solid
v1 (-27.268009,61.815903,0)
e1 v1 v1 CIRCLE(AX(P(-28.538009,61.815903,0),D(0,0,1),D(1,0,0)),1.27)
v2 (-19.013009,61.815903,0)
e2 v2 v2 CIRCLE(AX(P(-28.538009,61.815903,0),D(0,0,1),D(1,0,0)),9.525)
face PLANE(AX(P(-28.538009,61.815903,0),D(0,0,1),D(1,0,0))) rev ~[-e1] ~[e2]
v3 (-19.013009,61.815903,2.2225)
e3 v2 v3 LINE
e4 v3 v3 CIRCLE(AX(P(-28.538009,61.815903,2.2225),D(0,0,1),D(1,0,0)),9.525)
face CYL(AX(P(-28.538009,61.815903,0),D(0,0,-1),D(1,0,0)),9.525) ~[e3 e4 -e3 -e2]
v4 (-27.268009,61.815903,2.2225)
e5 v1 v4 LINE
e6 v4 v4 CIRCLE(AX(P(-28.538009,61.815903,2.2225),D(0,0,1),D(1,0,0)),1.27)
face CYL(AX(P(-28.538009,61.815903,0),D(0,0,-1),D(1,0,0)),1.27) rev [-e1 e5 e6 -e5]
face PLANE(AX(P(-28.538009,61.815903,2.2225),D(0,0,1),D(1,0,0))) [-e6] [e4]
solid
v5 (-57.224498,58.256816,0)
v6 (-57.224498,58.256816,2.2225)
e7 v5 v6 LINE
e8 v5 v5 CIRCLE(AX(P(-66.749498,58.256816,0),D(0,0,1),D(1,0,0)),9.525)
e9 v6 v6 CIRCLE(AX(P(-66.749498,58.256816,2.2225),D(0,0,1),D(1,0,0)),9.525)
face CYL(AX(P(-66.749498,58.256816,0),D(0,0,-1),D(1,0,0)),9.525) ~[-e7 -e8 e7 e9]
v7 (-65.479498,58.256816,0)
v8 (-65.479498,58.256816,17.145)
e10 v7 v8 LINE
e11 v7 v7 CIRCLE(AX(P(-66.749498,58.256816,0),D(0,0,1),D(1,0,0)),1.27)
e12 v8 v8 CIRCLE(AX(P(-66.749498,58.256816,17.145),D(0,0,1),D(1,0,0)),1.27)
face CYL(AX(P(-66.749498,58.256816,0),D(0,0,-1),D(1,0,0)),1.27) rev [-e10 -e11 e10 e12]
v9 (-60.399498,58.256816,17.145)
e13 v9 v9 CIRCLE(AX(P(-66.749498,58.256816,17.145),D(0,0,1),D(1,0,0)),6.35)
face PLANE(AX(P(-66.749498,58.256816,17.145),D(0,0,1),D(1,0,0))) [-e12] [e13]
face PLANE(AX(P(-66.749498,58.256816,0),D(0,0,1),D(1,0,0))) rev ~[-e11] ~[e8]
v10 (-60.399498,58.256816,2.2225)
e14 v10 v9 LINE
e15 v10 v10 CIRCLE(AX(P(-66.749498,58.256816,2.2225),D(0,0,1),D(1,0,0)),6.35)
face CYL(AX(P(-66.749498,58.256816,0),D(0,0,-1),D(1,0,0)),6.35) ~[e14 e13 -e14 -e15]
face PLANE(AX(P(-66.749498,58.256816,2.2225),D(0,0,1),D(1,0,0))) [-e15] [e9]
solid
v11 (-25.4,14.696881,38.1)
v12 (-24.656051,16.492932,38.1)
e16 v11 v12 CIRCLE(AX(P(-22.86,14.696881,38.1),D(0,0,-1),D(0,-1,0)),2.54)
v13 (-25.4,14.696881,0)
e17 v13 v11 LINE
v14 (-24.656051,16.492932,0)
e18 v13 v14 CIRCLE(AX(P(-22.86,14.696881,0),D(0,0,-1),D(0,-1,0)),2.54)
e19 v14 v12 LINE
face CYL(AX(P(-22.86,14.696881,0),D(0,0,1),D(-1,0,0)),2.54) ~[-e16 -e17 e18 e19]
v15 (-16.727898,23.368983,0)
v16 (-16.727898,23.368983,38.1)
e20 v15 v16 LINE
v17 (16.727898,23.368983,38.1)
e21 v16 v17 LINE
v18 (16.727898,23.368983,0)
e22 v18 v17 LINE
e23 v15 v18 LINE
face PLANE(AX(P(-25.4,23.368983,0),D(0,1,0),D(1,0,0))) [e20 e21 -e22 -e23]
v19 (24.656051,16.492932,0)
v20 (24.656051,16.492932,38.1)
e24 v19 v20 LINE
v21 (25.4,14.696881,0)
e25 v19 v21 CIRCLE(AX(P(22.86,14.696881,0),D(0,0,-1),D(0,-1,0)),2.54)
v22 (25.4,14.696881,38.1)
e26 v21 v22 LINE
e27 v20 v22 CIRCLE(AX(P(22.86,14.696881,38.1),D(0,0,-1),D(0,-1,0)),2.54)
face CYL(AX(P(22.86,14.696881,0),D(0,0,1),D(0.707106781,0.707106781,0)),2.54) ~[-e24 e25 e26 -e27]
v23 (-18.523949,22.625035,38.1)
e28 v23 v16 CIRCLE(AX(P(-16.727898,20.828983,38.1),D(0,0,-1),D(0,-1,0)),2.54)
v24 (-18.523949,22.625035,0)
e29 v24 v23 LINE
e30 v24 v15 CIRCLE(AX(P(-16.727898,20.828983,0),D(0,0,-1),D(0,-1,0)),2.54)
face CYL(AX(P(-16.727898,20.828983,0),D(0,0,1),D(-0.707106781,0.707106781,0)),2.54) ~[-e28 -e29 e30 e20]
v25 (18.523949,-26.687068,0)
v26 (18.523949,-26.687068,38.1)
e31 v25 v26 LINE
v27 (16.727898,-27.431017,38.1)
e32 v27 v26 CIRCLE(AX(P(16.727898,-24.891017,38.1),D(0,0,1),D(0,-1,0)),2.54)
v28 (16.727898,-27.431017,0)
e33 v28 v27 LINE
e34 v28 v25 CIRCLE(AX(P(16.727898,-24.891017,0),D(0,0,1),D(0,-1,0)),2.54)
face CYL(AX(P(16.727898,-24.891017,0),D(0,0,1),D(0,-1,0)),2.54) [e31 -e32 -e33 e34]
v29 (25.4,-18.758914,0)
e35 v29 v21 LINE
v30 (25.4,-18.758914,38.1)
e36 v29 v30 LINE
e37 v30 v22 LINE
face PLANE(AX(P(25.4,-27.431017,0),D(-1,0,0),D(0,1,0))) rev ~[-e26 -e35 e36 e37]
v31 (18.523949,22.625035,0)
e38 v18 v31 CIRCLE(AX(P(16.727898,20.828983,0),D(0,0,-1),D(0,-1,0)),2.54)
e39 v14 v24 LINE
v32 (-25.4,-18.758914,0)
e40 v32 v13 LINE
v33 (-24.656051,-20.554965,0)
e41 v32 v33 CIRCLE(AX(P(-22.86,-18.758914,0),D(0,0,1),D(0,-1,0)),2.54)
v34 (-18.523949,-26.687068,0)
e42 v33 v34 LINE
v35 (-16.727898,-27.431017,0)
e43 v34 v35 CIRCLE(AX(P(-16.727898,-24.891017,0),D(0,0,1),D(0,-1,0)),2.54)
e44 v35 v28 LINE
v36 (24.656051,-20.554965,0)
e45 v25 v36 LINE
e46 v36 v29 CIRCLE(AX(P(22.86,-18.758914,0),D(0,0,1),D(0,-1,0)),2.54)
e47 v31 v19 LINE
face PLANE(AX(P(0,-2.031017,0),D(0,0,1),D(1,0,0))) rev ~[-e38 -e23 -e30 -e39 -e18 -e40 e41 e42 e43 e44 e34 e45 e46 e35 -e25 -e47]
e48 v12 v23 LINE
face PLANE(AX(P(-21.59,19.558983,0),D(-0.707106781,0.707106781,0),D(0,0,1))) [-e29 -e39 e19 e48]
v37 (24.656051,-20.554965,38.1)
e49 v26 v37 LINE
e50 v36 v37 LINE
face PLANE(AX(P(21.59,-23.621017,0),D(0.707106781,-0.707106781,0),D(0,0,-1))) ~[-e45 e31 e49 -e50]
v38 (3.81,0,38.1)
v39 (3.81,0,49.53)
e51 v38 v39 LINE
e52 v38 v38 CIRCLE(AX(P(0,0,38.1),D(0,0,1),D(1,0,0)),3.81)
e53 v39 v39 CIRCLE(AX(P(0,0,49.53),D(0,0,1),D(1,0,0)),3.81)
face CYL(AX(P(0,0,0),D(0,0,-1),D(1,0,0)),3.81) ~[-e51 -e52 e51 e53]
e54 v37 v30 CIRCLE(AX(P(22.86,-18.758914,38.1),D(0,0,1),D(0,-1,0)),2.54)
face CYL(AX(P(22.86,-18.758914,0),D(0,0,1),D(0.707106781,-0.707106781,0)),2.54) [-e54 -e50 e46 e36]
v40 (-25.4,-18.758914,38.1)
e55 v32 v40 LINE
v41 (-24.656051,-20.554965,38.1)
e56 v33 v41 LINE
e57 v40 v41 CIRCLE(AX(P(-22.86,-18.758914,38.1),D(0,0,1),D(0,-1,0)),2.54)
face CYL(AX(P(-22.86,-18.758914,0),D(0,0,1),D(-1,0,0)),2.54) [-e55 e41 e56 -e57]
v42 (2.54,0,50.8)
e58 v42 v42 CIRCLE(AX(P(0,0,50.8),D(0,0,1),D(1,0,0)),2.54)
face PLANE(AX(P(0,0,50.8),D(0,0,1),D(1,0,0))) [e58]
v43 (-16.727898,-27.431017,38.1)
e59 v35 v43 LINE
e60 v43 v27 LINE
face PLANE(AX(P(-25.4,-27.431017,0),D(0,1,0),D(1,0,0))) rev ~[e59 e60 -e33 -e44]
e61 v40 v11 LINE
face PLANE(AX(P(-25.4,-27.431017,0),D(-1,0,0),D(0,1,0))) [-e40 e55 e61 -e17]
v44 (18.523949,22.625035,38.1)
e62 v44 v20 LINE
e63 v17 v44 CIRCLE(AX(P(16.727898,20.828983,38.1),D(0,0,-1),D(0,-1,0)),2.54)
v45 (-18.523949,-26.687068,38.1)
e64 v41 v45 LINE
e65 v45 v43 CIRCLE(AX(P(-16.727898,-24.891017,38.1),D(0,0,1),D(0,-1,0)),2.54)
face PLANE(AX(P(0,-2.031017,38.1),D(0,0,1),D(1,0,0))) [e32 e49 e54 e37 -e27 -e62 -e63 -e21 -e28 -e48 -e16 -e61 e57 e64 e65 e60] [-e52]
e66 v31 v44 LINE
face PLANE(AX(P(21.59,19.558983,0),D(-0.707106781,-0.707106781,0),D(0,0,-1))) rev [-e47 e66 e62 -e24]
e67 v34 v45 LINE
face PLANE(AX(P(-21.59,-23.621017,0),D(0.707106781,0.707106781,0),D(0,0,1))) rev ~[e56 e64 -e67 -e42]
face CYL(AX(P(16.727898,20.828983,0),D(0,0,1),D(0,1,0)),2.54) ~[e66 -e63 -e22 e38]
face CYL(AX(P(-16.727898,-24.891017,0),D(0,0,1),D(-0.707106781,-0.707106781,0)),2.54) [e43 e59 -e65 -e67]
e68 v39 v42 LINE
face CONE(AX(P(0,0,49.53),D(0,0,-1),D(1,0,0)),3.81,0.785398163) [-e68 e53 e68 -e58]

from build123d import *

# Parameters (mm, degrees)
F0_W     = 50.8
F0_H     = 50.8
F0_R     = 3.81
F1_DEPTH = 38.1
F2_DEPTH = 50.8
F3_SIZE  = 7.62
F4_R     = 2.54
F5_SIZE  = 1.27
F6_R     = 9.525
F6_R_2   = 6.35
F7_DEPTH = 2.2225
F6_R_3   = 1.27
F8_DEPTH = 17.145
F9_DEPTH = 2.2225


with BuildPart() as f1:
    # F0 (on Top) → F1 (new body)
    with BuildSketch(Plane.XY):
        with Locations((0, -2.0310165685)):
            Rectangle(F0_W, F0_H)
        Circle(F0_R, mode=Mode.SUBTRACT)
    extrude(amount=F1_DEPTH)

    # F0 (on Top) → F2 (join)
    with BuildSketch(Plane.XY):
        Circle(F0_R)
    extrude(amount=F2_DEPTH)

    # F3
    f3_edges = [f1.edges().sort_by_distance(p)[0] for p in [
        (-25.4, -27.431017, 19.05),
        (25.4, -27.431017, 19.05),
        (25.4, 23.368983, 19.05),
        (-25.4, 23.368983, 19.05),
    ]]
    chamfer(f3_edges, length=F3_SIZE)

    # F4
    f4_edges = [f1.edges().sort_by_distance(p)[0] for p in [
        (-25.4, -19.811017, 19.05),
        (-17.78, -27.431017, 19.05),
        (17.78, -27.431017, 19.05),
        (25.4, -19.811017, 19.05),
        (17.78, 23.368983, 19.05),
        (25.4, 15.748983, 19.05),
        (-17.78, 23.368983, 19.05),
        (-25.4, 15.748983, 19.05),
    ]]
    fillet(f4_edges, radius=F4_R)

    # F5
    f5_edges = [f1.edges().sort_by_distance(p)[0] for p in [
        (-3.81, 0, 50.8),
    ]]
    chamfer(f5_edges, length=F5_SIZE)


with BuildPart() as f7:
    # F6 (on Top) → F7 (new body)
    with BuildSketch(Plane.XY):
        with Locations((-66.7494982481, 58.256816119)):
            Circle(F6_R)
        with Locations((-66.7494982481, 58.256816119)):
            Circle(F6_R_2, mode=Mode.SUBTRACT)
    extrude(amount=F7_DEPTH)

    # F6 (on Top) → F8 (join)
    with BuildSketch(Plane.XY):
        with Locations((-66.7494982481, 58.256816119)):
            Circle(F6_R_2)
        with Locations((-66.7494982481, 58.256816119)):
            Circle(F6_R_3, mode=Mode.SUBTRACT)
    extrude(amount=F8_DEPTH)


with BuildPart() as f9:
    # F6 (on Top) → F9 (new body)
    with BuildSketch(Plane.XY):
        with Locations((-28.5380091518, 61.8159025908)):
            Circle(F6_R)
        with Locations((-28.5380091518, 61.8159025908)):
            Circle(F6_R_3, mode=Mode.SUBTRACT)
    extrude(amount=F9_DEPTH)


solid = Compound([f1.part, f7.part, f9.part])
